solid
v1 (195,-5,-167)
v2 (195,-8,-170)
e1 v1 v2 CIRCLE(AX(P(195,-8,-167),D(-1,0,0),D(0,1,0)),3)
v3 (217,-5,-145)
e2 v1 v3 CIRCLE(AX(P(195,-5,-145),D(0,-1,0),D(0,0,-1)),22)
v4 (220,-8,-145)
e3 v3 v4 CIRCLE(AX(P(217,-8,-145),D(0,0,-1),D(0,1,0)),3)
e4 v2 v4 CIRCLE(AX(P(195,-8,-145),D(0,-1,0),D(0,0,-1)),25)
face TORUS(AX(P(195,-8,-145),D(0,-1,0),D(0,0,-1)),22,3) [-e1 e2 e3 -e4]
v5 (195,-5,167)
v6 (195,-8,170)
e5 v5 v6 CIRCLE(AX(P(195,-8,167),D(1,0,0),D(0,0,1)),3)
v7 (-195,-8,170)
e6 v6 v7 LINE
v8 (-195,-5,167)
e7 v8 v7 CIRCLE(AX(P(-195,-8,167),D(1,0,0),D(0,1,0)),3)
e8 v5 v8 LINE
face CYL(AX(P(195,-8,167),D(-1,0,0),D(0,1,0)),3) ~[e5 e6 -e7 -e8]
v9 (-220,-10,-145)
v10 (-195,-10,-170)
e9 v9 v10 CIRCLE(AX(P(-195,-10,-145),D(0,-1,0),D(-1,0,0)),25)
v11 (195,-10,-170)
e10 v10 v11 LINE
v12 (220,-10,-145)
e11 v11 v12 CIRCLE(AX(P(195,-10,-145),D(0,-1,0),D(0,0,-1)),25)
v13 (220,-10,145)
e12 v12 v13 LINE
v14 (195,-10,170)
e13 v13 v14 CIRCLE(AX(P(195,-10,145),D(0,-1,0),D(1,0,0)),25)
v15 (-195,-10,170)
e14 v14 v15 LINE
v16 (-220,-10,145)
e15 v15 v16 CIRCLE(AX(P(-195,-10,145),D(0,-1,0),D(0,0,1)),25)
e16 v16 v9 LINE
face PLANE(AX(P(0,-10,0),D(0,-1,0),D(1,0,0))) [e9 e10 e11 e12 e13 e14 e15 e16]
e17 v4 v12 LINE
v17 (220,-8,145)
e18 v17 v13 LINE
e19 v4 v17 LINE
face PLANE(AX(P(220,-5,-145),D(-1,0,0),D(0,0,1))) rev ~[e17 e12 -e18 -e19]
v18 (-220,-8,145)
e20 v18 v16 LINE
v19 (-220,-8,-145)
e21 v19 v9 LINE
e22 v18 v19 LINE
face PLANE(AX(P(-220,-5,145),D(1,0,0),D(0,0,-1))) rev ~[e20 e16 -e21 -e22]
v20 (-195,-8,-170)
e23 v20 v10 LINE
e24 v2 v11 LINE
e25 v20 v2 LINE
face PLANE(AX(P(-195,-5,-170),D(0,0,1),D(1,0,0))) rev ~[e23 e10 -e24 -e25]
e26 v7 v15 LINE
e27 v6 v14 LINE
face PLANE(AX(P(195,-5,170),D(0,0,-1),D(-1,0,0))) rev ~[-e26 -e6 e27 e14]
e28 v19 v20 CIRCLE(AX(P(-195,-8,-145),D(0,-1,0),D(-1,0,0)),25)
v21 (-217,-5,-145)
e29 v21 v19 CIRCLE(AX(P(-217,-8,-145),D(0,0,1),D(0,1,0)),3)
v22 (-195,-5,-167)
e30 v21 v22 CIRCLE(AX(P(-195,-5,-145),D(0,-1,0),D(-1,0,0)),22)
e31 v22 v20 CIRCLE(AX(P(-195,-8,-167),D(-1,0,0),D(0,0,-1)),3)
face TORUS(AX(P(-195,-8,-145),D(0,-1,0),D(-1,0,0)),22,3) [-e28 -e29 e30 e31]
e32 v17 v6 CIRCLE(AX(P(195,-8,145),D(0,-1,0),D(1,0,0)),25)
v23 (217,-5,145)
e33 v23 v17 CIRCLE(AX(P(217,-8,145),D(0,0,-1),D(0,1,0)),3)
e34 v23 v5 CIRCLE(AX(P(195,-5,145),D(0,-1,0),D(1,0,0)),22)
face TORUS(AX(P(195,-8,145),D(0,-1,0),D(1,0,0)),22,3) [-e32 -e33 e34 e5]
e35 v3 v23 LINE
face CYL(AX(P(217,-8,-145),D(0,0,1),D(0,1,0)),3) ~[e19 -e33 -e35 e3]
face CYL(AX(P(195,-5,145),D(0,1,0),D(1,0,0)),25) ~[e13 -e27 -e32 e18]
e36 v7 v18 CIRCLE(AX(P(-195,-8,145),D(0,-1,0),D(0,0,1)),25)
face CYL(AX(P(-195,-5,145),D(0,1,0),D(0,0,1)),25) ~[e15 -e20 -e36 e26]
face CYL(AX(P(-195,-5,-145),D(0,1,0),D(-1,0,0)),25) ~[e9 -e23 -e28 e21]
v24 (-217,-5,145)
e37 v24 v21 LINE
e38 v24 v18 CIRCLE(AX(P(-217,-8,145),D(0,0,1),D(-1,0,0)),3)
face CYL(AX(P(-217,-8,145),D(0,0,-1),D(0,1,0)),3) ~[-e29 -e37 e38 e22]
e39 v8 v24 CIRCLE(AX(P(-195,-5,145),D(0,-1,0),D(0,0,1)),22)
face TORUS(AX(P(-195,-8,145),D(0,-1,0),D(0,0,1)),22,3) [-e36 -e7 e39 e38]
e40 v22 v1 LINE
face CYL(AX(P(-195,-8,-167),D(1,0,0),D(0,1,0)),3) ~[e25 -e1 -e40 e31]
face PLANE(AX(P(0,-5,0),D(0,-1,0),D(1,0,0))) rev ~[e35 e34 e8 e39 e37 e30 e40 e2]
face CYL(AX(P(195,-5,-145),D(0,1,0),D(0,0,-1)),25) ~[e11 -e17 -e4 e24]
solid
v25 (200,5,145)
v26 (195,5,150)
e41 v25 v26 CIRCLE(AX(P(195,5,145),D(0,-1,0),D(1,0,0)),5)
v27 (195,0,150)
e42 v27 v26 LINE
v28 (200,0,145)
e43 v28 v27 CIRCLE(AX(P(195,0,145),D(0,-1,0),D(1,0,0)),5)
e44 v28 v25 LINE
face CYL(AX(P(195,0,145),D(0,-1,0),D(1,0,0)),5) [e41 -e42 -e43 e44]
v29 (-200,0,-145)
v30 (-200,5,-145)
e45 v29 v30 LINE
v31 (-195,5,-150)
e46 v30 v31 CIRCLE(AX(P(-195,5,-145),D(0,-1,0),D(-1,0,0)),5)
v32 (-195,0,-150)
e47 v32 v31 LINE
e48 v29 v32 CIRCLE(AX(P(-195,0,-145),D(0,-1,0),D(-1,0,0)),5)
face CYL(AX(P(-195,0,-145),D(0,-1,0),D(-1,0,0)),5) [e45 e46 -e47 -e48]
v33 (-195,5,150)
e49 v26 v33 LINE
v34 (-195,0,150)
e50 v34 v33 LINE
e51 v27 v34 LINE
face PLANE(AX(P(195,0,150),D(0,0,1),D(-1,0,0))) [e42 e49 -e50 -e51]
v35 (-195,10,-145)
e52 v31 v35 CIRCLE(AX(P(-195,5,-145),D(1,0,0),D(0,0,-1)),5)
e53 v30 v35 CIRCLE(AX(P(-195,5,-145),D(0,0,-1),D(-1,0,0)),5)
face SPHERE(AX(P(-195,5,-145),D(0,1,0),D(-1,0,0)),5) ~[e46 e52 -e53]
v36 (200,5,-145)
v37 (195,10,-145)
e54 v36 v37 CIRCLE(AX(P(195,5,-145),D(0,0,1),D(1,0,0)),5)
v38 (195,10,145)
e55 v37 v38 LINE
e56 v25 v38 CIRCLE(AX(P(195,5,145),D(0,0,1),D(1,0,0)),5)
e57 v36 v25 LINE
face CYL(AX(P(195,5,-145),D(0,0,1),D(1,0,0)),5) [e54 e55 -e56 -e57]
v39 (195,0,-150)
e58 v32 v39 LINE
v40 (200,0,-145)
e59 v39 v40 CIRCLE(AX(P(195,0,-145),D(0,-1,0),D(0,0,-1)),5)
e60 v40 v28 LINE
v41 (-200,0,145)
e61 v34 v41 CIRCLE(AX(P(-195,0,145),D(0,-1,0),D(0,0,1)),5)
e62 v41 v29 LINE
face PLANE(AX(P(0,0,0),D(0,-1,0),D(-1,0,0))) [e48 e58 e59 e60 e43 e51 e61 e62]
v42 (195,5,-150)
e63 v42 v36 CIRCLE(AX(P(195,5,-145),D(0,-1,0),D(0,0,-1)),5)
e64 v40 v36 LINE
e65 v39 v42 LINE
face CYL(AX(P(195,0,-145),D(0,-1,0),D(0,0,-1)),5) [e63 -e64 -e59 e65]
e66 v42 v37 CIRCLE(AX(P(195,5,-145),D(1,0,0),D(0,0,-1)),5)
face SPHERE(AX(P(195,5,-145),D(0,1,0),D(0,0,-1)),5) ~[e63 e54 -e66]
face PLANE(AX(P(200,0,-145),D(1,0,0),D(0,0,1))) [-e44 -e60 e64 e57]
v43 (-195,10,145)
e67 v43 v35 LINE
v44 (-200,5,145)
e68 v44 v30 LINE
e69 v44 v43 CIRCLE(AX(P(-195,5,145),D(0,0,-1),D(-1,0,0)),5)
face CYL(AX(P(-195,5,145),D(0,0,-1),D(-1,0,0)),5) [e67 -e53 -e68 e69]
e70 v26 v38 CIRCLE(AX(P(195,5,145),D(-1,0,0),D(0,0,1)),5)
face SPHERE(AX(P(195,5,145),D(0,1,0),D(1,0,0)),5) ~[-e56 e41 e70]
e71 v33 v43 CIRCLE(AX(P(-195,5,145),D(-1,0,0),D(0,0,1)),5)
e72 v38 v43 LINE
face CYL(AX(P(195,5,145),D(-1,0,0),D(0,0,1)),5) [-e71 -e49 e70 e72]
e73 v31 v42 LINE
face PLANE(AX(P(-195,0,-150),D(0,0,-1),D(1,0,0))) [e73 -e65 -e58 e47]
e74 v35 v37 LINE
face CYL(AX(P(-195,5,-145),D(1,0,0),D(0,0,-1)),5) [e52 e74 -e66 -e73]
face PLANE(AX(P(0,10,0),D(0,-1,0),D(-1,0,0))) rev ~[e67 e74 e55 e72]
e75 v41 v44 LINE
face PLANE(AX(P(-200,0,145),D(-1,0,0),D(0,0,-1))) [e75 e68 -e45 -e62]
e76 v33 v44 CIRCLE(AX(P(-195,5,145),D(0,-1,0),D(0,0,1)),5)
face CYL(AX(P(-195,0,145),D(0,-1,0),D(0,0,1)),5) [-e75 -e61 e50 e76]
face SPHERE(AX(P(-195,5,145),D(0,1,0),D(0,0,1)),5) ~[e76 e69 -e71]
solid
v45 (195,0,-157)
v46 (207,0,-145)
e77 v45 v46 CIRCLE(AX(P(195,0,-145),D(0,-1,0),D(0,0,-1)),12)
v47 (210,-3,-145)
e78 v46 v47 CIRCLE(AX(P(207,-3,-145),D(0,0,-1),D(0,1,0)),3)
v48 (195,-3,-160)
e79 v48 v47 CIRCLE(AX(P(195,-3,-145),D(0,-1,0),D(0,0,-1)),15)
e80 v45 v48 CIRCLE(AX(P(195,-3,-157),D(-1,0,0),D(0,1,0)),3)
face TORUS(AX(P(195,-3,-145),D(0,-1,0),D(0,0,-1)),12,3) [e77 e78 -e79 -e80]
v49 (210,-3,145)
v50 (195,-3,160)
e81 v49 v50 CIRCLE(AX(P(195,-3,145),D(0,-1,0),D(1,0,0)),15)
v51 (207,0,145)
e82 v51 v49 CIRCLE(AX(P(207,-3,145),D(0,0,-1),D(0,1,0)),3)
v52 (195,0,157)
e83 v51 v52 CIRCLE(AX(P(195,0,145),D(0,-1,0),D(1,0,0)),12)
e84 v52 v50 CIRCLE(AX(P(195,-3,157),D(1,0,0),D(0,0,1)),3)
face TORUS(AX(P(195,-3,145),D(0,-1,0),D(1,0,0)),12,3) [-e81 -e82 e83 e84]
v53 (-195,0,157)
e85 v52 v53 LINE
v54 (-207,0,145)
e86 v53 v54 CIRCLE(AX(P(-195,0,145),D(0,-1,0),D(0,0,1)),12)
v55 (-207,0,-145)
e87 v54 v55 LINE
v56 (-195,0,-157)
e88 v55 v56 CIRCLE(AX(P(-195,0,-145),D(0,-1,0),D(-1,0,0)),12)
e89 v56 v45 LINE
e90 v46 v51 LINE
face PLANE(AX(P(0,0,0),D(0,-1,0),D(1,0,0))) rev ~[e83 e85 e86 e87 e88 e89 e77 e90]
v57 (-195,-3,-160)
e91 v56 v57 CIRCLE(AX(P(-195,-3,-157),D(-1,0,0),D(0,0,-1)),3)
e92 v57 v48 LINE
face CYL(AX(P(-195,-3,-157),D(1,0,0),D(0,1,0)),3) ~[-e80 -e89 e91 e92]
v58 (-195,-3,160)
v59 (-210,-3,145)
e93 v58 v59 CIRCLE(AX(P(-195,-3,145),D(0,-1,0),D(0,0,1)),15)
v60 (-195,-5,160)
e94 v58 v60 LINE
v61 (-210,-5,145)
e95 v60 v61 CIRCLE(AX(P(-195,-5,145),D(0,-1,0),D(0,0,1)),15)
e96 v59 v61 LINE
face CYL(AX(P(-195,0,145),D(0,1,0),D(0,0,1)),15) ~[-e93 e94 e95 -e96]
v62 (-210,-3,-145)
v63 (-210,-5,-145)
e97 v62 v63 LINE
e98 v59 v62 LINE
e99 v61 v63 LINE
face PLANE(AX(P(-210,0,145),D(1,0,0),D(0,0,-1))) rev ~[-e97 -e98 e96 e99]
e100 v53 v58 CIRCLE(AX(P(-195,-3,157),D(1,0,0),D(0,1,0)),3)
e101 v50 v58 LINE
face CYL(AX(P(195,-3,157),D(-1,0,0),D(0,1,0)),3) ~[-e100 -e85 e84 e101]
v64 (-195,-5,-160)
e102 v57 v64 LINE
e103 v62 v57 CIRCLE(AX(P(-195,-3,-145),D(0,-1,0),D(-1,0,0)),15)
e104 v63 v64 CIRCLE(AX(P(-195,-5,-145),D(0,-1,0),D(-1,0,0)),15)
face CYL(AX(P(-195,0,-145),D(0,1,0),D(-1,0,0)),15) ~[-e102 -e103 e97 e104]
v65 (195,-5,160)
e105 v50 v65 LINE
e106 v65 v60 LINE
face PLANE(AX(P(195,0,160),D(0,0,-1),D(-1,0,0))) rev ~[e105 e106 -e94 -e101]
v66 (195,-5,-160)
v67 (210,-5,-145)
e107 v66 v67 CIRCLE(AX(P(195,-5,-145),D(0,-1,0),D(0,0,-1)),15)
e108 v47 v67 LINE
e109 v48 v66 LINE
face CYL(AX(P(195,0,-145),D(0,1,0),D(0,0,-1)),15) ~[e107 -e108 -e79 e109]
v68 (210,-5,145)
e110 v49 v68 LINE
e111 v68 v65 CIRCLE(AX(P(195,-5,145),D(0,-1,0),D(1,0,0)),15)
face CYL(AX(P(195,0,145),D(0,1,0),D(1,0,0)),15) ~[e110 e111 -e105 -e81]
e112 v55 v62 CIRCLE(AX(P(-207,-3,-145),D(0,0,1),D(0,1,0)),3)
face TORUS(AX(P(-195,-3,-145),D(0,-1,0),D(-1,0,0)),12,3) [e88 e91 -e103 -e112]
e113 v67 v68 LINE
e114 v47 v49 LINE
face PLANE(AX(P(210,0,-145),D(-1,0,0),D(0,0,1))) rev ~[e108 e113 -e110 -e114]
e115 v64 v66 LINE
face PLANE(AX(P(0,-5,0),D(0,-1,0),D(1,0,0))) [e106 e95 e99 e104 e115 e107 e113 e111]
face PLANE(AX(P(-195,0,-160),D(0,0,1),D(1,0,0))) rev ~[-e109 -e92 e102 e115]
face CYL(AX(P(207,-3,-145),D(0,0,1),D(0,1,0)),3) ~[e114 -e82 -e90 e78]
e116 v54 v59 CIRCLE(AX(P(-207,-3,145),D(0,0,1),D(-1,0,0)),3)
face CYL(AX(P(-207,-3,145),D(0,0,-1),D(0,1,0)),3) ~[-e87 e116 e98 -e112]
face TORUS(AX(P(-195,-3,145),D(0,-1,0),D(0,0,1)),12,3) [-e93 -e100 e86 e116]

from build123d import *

# Parameters (mm, degrees)
BOSS_EXTRUDE1_DEPTH = 10
FILLET1_R           = 5
BOSS_EXTRUDE2_DEPTH = 5
BOSS_EXTRUDE3_DEPTH = 5
FILLET2_R           = 3
FILLET3_R           = 3


with BuildPart() as part:
    # Sketch3 → Boss-Extrude1 (new body)
    with BuildSketch(Plane(origin=(0, 0, 0), x_dir=(1, 0, 0), z_dir=(0, 1, 0))):
        with BuildLine():
            Line((195, -150), (-195, -150))
            ThreePointArc((-195, -150), (-198.535533906, -148.535533906), (-200, -145))
            Line((-200, -145), (-200, 145))
            ThreePointArc((-200, 145), (-198.535533906, 148.535533906), (-195, 150))
            Line((-195, 150), (195, 150))
            ThreePointArc((195, 150), (198.535533906, 148.535533906), (200, 145))
            Line((200, 145), (200, -145))
            ThreePointArc((200, -145), (198.535533906, -148.535533906), (195, -150))
        make_face()
    extrude(amount=BOSS_EXTRUDE1_DEPTH)

    # Fillet1
    fillet1_edges = [part.edges().sort_by_distance(p)[0] for p in [
        (198.535533906, 10, 148.535533906),
        (200, 10, 0),
        (198.535533906, 10, -148.535533906),
        (0, 10, -150),
        (-198.535533906, 10, -148.535533906),
        (-200, 10, 0),
        (-198.535533906, 10, 148.535533906),
        (0, 10, 150),
    ]]
    fillet(fillet1_edges, radius=FILLET1_R)


with BuildPart() as body_2:
    # Sketch4 → Boss-Extrude2 (new body)
    # profile 1 of 3: a face of its own
    with BuildSketch(Plane.XZ):
        with BuildLine():
            Line((195, 160), (-195, 160))
            ThreePointArc((-195, 160), (-205.606601718, 155.606601718), (-210, 145))
            Line((-210, 145), (-210, -145))
            ThreePointArc((-210, -145), (-205.606601718, -155.606601718), (-195, -160))
            Line((-195, -160), (195, -160))
            ThreePointArc((195, -160), (205.606601718, -155.606601718), (210, -145))
            Line((210, -145), (210, 145))
            ThreePointArc((210, 145), (205.606601718, 155.606601718), (195, 160))
        make_face()
        with BuildLine():
            ThreePointArc((-195, 150), (-198.535533906, 148.535533906), (-200, 145))
            Line((-200, 145), (-200, -145))
            ThreePointArc((-200, -145), (-198.535533906, -148.535533906), (-195, -150))
            Line((-195, -150), (195, -150))
            ThreePointArc((195, -150), (198.535533906, -148.535533906), (200, -145))
            Line((200, -145), (200, 145))
            ThreePointArc((200, 145), (198.535533906, 148.535533906), (195, 150))
            Line((195, 150), (-195, 150))
        make_face(mode=Mode.SUBTRACT)
    # profile 2 of 3: a face of its own
    with BuildSketch(Plane.XZ):
        with BuildLine():
            Line((195, 150), (-195, 150))
            ThreePointArc((-195, 150), (-198.535533906, 148.535533906), (-200, 145))
            Line((-200, 145), (-200, -145))
            ThreePointArc((-200, -145), (-198.535533906, -148.535533906), (-195, -150))
            Line((-195, -150), (195, -150))
            ThreePointArc((195, -150), (198.535533906, -148.535533906), (200, -145))
            Line((200, -145), (200, 145))
            ThreePointArc((200, 145), (198.535533906, 148.535533906), (195, 150))
        make_face()
    # profile 3 of 3: a face of its own
    with BuildSketch(Plane.XZ):
        with BuildLine():
            ThreePointArc((-195, 150), (-198.535533906, 148.535533906), (-200, 145))
            Line((-200, 145), (-200, -145))
            ThreePointArc((-200, -145), (-198.535533906, -148.535533906), (-195, -150))
            Line((-195, -150), (195, -150))
            ThreePointArc((195, -150), (198.535533906, -148.535533906), (200, -145))
            Line((200, -145), (200, 145))
            ThreePointArc((200, 145), (198.535533906, 148.535533906), (195, 150))
            Line((195, 150), (-195, 150))
        make_face()
    extrude(amount=BOSS_EXTRUDE2_DEPTH)

    # Fillet2
    fillet2_edges = [body_2.edges().sort_by_distance(p)[0] for p in [
        (210, 0, 0),
        (205.606601718, 0, -155.606601718),
        (0, 0, -160),
        (-205.606601718, 0, -155.606601718),
        (-210, 0, 0),
        (-205.606601718, 0, 155.606601718),
        (0, 0, 160),
        (205.606601718, 0, 155.606601718),
    ]]
    fillet(fillet2_edges, radius=FILLET2_R)


with BuildPart() as body_3:
    # Sketch5 → Boss-Extrude3 (new body)
    # profile 1 of 3: a face of its own
    with BuildSketch(Plane.XZ.offset(5)):
        with BuildLine():
            Line((195, 170), (-195, 170))
            ThreePointArc((-195, 170), (-212.67766953, 162.67766953), (-220, 145))
            Line((-220, 145), (-220, -145))
            ThreePointArc((-220, -145), (-212.67766953, -162.67766953), (-195, -170))
            Line((-195, -170), (195, -170))
            ThreePointArc((195, -170), (212.67766953, -162.67766953), (220, -145))
            Line((220, -145), (220, 145))
            ThreePointArc((220, 145), (212.67766953, 162.67766953), (195, 170))
        make_face()
        with BuildLine():
            Line((195, 160), (-195, 160))
            ThreePointArc((-195, 160), (-205.606601718, 155.606601718), (-210, 145))
            Line((-210, 145), (-210, -145))
            ThreePointArc((-210, -145), (-205.606601718, -155.606601718), (-195, -160))
            Line((-195, -160), (195, -160))
            ThreePointArc((195, -160), (205.606601718, -155.606601718), (210, -145))
            Line((210, -145), (210, 145))
            ThreePointArc((210, 145), (205.606601718, 155.606601718), (195, 160))
        make_face(mode=Mode.SUBTRACT)
    # profile 2 of 3: a face of its own
    with BuildSketch(Plane.XZ.offset(5)):
        with BuildLine():
            ThreePointArc((210, 145), (205.606601718, 155.606601718), (195, 160))
            Line((195, 160), (-195, 160))
            ThreePointArc((-195, 160), (-205.606601718, 155.606601718), (-210, 145))
            Line((-210, 145), (-210, -145))
            ThreePointArc((-210, -145), (-205.606601718, -155.606601718), (-195, -160))
            Line((-195, -160), (195, -160))
            ThreePointArc((195, -160), (205.606601718, -155.606601718), (210, -145))
            Line((210, -145), (210, 145))
        make_face()
    # profile 3 of 3: a face of its own
    with BuildSketch(Plane.XZ.offset(5)):
        with BuildLine():
            Line((195, 160), (-195, 160))
            ThreePointArc((-195, 160), (-205.606601718, 155.606601718), (-210, 145))
            Line((-210, 145), (-210, -145))
            ThreePointArc((-210, -145), (-205.606601718, -155.606601718), (-195, -160))
            Line((-195, -160), (195, -160))
            ThreePointArc((195, -160), (205.606601718, -155.606601718), (210, -145))
            Line((210, -145), (210, 145))
            ThreePointArc((210, 145), (205.606601718, 155.606601718), (195, 160))
        make_face()
    extrude(amount=BOSS_EXTRUDE3_DEPTH)

    # Fillet3
    fillet3_edges = [body_3.edges().sort_by_distance(p)[0] for p in [
        (220, -5, 0),
        (212.67766953, -5, -162.67766953),
        (0, -5, -170),
        (-212.67766953, -5, -162.67766953),
        (-220, -5, 0),
        (-212.67766953, -5, 162.67766953),
        (0, -5, 170),
        (212.67766953, -5, 162.67766953),
    ]]
    fillet(fillet3_edges, radius=FILLET3_R)


solid = Compound([part.part, body_2.part, body_3.part])
